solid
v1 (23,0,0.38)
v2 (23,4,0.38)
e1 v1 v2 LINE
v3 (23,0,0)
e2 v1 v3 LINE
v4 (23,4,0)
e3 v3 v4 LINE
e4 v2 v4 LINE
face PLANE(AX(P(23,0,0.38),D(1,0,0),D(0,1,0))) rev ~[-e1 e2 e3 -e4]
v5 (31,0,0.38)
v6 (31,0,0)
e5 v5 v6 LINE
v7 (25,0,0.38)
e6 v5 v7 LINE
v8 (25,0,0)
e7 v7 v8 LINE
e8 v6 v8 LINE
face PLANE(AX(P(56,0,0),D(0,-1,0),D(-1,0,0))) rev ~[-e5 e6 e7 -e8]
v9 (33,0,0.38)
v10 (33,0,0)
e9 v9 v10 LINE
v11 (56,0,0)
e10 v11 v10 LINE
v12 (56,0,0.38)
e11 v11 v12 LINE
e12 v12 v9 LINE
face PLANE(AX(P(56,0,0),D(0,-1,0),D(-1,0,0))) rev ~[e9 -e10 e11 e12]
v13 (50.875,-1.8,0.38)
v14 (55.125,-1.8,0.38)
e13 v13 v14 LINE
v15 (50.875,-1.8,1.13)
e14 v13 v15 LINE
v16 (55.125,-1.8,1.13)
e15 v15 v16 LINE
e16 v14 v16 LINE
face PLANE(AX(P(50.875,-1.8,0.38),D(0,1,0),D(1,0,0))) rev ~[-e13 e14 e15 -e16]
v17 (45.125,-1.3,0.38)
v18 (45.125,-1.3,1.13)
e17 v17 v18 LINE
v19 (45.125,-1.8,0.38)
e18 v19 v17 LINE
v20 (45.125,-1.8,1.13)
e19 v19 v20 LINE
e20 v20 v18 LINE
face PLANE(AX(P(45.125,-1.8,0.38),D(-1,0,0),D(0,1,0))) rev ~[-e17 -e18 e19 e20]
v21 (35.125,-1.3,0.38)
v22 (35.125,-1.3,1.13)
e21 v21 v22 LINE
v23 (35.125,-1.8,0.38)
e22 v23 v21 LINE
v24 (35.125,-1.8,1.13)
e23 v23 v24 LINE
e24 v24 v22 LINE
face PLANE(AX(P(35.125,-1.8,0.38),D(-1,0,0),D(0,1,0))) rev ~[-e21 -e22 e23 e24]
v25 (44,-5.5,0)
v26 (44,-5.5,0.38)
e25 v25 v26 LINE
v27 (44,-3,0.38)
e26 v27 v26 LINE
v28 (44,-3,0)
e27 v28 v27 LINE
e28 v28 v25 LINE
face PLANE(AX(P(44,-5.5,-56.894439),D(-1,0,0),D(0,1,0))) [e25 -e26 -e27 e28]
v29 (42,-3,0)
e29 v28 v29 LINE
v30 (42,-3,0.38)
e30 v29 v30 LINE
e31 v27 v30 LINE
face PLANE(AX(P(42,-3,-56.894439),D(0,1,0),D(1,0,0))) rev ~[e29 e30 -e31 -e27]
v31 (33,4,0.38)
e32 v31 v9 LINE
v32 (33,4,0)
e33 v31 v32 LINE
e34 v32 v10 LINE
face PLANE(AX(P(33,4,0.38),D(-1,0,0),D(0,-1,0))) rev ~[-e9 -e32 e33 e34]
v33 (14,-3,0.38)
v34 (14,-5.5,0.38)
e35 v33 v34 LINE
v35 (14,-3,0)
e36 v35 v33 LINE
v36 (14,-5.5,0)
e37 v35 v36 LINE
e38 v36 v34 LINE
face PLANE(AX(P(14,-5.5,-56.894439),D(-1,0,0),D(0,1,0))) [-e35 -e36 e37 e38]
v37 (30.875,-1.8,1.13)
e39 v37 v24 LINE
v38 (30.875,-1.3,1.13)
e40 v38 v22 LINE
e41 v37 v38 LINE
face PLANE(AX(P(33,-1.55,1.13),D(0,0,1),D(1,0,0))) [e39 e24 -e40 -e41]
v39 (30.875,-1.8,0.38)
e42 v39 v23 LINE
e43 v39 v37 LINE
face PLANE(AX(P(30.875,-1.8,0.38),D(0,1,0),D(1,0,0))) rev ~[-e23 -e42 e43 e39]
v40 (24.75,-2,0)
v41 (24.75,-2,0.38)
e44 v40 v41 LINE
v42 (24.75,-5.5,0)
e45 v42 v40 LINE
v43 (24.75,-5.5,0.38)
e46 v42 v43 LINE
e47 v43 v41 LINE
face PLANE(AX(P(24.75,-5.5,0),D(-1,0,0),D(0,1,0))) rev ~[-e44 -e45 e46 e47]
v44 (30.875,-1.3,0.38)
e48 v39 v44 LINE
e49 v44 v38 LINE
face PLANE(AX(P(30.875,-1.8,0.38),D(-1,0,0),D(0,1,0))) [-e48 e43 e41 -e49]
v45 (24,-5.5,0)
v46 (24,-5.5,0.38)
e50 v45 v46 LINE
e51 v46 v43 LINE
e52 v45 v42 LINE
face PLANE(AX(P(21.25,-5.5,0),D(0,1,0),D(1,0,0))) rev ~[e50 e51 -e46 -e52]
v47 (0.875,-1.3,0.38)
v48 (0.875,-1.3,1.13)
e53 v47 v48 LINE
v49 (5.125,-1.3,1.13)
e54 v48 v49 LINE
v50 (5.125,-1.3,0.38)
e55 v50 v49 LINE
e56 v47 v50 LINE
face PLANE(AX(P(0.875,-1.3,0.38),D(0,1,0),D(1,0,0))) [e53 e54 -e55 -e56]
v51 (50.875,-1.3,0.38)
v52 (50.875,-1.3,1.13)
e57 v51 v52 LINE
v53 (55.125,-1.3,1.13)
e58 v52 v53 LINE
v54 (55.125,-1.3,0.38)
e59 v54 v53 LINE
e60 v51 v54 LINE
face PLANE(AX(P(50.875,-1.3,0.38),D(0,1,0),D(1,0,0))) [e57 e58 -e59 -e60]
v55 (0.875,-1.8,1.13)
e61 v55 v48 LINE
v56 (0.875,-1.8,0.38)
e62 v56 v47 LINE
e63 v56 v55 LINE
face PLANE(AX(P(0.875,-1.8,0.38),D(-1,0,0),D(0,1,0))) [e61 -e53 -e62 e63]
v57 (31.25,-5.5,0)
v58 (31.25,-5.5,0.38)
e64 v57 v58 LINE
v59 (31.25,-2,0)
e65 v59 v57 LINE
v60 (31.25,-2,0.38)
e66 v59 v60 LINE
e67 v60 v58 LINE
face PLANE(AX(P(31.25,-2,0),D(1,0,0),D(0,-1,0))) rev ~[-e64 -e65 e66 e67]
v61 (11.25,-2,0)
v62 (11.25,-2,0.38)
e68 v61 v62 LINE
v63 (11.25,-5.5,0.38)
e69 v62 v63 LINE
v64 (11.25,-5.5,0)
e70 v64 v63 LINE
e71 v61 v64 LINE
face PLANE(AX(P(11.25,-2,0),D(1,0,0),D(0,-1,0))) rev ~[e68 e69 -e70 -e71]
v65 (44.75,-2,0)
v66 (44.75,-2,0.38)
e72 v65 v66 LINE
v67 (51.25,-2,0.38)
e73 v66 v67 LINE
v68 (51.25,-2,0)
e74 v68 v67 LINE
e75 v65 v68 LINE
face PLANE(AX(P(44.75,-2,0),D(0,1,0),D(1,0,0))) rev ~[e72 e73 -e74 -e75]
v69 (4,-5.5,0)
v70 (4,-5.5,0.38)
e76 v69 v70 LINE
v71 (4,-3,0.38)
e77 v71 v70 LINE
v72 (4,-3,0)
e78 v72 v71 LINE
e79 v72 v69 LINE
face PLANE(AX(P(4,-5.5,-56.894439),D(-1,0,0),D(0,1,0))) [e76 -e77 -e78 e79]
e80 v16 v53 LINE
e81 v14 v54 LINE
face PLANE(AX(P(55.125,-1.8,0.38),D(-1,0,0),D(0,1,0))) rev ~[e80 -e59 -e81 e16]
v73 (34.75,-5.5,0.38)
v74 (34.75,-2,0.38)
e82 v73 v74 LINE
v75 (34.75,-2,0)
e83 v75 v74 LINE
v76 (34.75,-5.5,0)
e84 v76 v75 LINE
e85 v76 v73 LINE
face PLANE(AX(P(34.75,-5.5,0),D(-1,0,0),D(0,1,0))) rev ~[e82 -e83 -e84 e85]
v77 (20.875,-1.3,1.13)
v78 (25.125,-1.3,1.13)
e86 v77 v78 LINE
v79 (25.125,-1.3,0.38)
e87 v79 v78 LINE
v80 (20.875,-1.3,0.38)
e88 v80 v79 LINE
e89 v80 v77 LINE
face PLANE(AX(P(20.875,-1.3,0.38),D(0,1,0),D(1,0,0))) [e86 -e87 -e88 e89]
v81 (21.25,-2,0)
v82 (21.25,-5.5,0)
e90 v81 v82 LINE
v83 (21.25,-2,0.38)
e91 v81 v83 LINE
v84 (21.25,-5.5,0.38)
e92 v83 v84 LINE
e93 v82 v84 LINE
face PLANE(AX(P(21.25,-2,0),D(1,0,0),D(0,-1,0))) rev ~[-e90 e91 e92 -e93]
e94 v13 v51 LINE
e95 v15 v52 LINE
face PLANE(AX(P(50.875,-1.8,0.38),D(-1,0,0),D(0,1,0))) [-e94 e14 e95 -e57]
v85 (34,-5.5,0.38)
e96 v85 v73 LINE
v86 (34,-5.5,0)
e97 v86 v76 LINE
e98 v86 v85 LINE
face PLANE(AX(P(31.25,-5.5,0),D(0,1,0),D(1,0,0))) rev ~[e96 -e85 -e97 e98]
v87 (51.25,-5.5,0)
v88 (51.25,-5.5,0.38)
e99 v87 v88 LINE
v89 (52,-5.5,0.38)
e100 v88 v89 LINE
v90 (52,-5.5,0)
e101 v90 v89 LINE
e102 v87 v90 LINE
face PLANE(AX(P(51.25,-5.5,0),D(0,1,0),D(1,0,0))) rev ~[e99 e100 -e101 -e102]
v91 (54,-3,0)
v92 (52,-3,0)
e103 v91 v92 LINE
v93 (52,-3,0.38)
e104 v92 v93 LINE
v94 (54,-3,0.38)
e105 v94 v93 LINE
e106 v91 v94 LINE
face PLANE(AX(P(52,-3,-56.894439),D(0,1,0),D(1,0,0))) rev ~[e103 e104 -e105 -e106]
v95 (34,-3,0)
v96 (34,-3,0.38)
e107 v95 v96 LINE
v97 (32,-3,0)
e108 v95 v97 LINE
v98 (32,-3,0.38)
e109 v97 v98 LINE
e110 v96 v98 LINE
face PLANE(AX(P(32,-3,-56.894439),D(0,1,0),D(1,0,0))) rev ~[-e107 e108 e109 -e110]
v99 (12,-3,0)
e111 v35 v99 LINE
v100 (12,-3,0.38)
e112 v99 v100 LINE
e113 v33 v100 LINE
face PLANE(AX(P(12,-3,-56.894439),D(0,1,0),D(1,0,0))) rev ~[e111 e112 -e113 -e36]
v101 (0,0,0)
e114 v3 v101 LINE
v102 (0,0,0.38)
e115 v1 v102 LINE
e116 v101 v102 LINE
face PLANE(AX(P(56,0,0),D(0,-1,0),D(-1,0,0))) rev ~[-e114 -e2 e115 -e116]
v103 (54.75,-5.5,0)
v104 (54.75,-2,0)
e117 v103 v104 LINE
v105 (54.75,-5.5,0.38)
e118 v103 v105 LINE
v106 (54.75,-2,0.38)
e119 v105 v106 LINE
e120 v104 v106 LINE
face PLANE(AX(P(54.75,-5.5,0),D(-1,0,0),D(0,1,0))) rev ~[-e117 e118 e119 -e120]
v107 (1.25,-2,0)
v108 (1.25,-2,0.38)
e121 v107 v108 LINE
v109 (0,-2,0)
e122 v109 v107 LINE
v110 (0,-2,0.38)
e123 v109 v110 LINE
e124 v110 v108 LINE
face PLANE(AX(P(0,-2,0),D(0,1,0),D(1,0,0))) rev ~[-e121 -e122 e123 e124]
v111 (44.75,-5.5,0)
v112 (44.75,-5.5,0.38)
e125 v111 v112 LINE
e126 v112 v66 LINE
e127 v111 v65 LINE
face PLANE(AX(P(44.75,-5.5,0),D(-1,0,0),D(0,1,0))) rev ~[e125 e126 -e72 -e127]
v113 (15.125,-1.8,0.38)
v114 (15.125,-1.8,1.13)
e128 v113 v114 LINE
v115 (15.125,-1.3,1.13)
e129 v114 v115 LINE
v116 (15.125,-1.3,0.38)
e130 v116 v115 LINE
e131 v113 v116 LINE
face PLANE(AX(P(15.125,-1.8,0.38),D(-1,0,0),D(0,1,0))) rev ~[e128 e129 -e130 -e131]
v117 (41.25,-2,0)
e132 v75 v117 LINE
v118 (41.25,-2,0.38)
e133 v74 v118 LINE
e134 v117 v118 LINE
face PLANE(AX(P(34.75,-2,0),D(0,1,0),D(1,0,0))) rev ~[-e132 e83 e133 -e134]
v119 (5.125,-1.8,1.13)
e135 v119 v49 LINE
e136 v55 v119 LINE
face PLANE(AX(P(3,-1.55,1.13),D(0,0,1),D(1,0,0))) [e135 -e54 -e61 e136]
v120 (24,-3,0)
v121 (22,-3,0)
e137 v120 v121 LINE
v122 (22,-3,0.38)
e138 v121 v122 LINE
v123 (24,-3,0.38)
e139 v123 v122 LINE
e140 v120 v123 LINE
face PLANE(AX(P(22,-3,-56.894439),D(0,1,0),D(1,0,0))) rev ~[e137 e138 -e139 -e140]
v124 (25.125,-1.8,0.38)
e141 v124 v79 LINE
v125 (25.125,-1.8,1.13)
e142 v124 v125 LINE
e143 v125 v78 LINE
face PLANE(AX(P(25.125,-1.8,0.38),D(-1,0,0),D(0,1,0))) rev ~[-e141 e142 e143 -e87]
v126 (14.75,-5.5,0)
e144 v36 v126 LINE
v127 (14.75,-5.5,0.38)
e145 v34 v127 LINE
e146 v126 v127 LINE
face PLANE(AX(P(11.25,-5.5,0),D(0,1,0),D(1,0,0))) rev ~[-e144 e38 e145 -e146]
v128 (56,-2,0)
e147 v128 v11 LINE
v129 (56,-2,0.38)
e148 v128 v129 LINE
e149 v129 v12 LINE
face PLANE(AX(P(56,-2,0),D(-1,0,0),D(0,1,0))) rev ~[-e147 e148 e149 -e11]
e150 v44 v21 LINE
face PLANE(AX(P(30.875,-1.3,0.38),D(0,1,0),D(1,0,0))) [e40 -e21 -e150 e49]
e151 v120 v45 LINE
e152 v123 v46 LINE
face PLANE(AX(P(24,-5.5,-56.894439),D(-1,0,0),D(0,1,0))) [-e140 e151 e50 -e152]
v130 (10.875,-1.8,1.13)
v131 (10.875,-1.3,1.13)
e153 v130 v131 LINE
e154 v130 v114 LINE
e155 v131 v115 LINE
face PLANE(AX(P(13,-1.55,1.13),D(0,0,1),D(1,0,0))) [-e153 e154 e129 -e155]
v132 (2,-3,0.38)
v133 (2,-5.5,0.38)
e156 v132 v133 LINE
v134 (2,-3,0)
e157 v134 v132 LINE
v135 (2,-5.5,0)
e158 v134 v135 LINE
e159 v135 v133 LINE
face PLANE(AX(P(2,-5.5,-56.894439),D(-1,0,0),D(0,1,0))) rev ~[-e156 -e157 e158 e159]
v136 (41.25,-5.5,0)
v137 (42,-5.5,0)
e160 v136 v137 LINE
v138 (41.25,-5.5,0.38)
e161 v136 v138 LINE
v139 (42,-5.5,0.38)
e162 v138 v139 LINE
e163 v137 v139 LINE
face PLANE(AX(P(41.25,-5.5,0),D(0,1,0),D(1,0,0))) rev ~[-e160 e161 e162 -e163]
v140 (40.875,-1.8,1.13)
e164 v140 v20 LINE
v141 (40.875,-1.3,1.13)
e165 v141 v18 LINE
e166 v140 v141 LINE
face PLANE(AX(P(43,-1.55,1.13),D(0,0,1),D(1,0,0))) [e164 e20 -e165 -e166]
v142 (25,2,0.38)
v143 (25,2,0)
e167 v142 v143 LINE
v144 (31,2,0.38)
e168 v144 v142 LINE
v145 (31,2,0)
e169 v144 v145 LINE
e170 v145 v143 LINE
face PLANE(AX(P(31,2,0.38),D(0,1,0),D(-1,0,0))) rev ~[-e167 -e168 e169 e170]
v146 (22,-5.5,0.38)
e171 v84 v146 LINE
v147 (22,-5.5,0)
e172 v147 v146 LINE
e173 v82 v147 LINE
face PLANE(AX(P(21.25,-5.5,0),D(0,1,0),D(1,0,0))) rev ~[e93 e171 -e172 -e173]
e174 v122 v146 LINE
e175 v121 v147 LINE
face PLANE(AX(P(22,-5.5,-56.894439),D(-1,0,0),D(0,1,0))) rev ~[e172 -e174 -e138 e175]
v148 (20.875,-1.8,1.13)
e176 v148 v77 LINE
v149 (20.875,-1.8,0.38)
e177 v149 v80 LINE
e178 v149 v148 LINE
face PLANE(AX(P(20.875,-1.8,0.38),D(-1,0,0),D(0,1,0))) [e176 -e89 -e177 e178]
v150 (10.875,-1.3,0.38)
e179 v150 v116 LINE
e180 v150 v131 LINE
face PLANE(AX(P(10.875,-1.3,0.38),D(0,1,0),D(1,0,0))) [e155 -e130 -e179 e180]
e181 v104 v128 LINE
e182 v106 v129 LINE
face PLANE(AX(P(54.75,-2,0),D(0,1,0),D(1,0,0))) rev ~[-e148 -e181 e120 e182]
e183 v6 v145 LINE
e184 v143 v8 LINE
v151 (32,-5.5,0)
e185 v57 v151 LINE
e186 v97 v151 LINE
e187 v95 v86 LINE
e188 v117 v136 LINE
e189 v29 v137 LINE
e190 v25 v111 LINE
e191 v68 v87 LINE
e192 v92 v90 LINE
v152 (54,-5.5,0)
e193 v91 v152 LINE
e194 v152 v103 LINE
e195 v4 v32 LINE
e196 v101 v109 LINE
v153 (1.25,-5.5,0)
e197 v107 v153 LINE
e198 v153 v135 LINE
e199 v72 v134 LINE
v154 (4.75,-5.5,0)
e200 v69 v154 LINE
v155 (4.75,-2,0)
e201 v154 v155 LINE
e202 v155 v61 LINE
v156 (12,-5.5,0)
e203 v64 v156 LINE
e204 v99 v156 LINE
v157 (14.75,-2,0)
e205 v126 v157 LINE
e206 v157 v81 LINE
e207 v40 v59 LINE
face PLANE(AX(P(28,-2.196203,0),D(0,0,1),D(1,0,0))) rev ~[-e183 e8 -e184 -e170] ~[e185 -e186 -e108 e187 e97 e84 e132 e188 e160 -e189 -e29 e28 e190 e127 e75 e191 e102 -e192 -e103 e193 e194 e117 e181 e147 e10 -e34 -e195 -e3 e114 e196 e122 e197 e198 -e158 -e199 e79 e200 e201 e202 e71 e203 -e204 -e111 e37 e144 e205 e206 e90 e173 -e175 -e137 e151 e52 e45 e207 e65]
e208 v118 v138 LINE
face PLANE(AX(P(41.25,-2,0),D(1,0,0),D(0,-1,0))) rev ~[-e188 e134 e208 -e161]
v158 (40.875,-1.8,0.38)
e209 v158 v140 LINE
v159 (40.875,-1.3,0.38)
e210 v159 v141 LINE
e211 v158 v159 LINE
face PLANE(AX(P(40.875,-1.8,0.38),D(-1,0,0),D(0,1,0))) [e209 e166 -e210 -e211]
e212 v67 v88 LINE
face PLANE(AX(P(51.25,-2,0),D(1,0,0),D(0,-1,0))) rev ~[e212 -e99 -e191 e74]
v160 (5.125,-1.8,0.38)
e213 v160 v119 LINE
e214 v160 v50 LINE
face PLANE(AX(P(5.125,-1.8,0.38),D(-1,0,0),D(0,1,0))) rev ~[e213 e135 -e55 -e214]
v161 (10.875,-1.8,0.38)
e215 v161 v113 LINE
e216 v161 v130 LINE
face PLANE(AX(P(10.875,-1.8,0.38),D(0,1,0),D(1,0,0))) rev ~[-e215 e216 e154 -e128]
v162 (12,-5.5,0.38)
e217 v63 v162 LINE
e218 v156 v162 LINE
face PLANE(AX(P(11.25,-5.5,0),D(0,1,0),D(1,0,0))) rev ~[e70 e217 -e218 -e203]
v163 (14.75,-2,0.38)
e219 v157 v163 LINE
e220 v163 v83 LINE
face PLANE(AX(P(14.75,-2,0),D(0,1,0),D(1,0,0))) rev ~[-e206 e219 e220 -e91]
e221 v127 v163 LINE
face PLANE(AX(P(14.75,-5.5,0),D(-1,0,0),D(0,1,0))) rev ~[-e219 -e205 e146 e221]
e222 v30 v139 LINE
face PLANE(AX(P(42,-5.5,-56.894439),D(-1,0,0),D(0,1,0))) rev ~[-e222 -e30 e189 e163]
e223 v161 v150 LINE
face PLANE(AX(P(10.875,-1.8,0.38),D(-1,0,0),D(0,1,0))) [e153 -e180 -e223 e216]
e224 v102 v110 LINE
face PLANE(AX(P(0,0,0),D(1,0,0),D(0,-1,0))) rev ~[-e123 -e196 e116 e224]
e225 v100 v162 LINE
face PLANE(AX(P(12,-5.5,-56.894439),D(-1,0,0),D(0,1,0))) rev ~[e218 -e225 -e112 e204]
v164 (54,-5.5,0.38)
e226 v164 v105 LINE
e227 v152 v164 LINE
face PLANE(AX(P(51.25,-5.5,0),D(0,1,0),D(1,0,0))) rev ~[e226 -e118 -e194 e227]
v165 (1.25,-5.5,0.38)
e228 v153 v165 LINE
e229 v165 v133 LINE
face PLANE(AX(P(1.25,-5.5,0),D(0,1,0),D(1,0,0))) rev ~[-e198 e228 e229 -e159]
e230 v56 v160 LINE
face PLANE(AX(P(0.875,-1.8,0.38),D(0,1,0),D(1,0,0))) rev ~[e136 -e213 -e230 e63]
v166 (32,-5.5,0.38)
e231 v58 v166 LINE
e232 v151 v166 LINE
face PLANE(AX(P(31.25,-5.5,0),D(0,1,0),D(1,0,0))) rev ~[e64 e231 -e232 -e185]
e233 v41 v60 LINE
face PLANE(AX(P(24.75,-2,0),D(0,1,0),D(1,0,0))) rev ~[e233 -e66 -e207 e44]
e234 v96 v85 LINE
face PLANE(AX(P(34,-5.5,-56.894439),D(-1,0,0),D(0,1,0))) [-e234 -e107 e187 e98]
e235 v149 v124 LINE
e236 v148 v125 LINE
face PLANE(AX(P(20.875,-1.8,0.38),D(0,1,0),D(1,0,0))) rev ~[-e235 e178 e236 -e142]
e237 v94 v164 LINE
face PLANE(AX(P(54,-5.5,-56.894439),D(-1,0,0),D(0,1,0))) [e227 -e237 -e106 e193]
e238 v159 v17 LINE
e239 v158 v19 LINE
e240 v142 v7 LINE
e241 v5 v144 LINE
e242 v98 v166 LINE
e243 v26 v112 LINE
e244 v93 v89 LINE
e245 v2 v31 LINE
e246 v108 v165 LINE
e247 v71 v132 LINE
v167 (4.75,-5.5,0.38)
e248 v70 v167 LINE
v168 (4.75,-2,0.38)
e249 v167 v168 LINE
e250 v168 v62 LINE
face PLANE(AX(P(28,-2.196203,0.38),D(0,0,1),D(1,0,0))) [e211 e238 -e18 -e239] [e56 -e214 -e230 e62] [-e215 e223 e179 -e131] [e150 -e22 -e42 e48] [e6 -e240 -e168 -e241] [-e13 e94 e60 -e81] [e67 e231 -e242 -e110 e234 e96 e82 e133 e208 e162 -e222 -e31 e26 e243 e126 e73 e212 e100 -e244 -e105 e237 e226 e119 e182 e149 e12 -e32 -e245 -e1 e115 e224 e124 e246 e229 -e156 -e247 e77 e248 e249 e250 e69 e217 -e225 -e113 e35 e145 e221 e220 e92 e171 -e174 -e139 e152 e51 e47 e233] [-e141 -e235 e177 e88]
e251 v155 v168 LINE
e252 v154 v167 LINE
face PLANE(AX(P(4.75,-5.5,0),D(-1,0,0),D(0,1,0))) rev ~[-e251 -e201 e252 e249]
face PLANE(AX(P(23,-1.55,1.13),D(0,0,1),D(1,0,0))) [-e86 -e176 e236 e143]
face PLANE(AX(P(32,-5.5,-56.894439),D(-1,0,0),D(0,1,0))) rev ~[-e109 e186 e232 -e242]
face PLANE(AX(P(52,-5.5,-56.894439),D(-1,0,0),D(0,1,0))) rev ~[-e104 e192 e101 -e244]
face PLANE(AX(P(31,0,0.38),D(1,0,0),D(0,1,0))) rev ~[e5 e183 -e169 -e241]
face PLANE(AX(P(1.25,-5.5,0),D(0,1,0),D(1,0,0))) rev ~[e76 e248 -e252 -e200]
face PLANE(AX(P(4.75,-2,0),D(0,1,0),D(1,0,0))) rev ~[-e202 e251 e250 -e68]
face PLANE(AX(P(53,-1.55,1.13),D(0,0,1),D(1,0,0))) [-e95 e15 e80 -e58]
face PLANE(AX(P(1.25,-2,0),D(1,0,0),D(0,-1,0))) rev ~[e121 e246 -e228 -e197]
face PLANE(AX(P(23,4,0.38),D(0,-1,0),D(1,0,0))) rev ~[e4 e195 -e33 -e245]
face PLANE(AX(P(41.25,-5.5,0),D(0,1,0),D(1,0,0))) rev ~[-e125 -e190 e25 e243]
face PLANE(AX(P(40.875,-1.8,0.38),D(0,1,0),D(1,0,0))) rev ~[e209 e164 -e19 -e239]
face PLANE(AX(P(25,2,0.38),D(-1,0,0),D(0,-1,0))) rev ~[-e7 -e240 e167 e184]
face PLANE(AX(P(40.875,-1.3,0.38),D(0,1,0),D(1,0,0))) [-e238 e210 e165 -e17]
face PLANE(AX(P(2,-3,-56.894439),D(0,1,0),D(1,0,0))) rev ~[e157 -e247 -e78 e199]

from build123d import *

# Parameters (mm, degrees)
BOSS_EXTRUDE1_DEPTH     = 0.38
BOSS_EXTRUDE2_DEPTH     = 0.38
SKETCH3_W               = 4.25
SKETCH3_H               = 0.5
BOSS_EXTRUDE3_DEPTH     = 0.75
LPATTERN1_COUNT         = 6
LPATTERN1_PITCH         = 10
CUT_EXTRUDE1_DEPTH      = 57.274439135
CUT_EXTRUDE1_DEPTH_BACK = 57.274439135
SKETCH4_W               = 2
SKETCH4_H               = 2.5


with BuildPart() as part:
    # Sketch1 → Boss-Extrude1 (new body)
    with BuildSketch(Plane.XY):
        Polygon((0, 0), (0, -2), (1.25, -2), (1.25, -5.5), (4.75, -5.5), (4.75, -2), (11.25, -2), (11.25, -5.5), (14.75, -5.5), (14.75, -2), (21.25, -2), (21.25, -5.5), (24.75, -5.5), (24.75, -2), (31.25, -2), (31.25, -5.5), (34.75, -5.5), (34.75, -2), (41.25, -2), (41.25, -5.5), (44.75, -5.5), (44.75, -2), (51.25, -2), (51.25, -5.5), (54.75, -5.5), (54.75, -2), (56, -2), (56, 0), align=None)
    extrude(amount=BOSS_EXTRUDE1_DEPTH)

    # Sketch2 → Boss-Extrude2 (add)
    with BuildSketch(Plane.XY.offset(0.38)):
        Polygon((23, 0), (23, 4), (33, 4), (33, 0), (31, 0), (31, 2), (25, 2), (25, 0), align=None)
    extrude(amount=-BOSS_EXTRUDE2_DEPTH)

    # Sketch3 → Boss-Extrude3 (add)
    with BuildSketch(Plane.XY.offset(0.38)):
        with Locations((3, -1.55)):
            Rectangle(SKETCH3_W, SKETCH3_H)
    boss_extrude3 = extrude(amount=BOSS_EXTRUDE3_DEPTH)

    # LPattern1: Boss-Extrude3 ×6
    with Locations(*[(i * LPATTERN1_PITCH, 0, 0) for i in range(1, LPATTERN1_COUNT)]):
        add(boss_extrude3)

    # Sketch4 → Cut-Extrude1 (cut, two sides: drawn at the far end of the back side and taken through both)
    with BuildSketch(Plane.XY.offset(0.38).offset(-CUT_EXTRUDE1_DEPTH_BACK)):
        with Locations((3, -4.25)):
            Rectangle(SKETCH4_W, SKETCH4_H)
        with Locations((13, -4.25)):
            Rectangle(SKETCH4_W, SKETCH4_H)
        with Locations((23, -4.25)):
            Rectangle(SKETCH4_W, SKETCH4_H)
        with Locations((33, -4.25)):
            Rectangle(SKETCH4_W, SKETCH4_H)
        with Locations((43, -4.25)):
            Rectangle(SKETCH4_W, SKETCH4_H)
        with Locations((53, -4.25)):
            Rectangle(SKETCH4_W, SKETCH4_H)
    extrude(amount=CUT_EXTRUDE1_DEPTH + CUT_EXTRUDE1_DEPTH_BACK, mode=Mode.SUBTRACT)


solid = part.part
